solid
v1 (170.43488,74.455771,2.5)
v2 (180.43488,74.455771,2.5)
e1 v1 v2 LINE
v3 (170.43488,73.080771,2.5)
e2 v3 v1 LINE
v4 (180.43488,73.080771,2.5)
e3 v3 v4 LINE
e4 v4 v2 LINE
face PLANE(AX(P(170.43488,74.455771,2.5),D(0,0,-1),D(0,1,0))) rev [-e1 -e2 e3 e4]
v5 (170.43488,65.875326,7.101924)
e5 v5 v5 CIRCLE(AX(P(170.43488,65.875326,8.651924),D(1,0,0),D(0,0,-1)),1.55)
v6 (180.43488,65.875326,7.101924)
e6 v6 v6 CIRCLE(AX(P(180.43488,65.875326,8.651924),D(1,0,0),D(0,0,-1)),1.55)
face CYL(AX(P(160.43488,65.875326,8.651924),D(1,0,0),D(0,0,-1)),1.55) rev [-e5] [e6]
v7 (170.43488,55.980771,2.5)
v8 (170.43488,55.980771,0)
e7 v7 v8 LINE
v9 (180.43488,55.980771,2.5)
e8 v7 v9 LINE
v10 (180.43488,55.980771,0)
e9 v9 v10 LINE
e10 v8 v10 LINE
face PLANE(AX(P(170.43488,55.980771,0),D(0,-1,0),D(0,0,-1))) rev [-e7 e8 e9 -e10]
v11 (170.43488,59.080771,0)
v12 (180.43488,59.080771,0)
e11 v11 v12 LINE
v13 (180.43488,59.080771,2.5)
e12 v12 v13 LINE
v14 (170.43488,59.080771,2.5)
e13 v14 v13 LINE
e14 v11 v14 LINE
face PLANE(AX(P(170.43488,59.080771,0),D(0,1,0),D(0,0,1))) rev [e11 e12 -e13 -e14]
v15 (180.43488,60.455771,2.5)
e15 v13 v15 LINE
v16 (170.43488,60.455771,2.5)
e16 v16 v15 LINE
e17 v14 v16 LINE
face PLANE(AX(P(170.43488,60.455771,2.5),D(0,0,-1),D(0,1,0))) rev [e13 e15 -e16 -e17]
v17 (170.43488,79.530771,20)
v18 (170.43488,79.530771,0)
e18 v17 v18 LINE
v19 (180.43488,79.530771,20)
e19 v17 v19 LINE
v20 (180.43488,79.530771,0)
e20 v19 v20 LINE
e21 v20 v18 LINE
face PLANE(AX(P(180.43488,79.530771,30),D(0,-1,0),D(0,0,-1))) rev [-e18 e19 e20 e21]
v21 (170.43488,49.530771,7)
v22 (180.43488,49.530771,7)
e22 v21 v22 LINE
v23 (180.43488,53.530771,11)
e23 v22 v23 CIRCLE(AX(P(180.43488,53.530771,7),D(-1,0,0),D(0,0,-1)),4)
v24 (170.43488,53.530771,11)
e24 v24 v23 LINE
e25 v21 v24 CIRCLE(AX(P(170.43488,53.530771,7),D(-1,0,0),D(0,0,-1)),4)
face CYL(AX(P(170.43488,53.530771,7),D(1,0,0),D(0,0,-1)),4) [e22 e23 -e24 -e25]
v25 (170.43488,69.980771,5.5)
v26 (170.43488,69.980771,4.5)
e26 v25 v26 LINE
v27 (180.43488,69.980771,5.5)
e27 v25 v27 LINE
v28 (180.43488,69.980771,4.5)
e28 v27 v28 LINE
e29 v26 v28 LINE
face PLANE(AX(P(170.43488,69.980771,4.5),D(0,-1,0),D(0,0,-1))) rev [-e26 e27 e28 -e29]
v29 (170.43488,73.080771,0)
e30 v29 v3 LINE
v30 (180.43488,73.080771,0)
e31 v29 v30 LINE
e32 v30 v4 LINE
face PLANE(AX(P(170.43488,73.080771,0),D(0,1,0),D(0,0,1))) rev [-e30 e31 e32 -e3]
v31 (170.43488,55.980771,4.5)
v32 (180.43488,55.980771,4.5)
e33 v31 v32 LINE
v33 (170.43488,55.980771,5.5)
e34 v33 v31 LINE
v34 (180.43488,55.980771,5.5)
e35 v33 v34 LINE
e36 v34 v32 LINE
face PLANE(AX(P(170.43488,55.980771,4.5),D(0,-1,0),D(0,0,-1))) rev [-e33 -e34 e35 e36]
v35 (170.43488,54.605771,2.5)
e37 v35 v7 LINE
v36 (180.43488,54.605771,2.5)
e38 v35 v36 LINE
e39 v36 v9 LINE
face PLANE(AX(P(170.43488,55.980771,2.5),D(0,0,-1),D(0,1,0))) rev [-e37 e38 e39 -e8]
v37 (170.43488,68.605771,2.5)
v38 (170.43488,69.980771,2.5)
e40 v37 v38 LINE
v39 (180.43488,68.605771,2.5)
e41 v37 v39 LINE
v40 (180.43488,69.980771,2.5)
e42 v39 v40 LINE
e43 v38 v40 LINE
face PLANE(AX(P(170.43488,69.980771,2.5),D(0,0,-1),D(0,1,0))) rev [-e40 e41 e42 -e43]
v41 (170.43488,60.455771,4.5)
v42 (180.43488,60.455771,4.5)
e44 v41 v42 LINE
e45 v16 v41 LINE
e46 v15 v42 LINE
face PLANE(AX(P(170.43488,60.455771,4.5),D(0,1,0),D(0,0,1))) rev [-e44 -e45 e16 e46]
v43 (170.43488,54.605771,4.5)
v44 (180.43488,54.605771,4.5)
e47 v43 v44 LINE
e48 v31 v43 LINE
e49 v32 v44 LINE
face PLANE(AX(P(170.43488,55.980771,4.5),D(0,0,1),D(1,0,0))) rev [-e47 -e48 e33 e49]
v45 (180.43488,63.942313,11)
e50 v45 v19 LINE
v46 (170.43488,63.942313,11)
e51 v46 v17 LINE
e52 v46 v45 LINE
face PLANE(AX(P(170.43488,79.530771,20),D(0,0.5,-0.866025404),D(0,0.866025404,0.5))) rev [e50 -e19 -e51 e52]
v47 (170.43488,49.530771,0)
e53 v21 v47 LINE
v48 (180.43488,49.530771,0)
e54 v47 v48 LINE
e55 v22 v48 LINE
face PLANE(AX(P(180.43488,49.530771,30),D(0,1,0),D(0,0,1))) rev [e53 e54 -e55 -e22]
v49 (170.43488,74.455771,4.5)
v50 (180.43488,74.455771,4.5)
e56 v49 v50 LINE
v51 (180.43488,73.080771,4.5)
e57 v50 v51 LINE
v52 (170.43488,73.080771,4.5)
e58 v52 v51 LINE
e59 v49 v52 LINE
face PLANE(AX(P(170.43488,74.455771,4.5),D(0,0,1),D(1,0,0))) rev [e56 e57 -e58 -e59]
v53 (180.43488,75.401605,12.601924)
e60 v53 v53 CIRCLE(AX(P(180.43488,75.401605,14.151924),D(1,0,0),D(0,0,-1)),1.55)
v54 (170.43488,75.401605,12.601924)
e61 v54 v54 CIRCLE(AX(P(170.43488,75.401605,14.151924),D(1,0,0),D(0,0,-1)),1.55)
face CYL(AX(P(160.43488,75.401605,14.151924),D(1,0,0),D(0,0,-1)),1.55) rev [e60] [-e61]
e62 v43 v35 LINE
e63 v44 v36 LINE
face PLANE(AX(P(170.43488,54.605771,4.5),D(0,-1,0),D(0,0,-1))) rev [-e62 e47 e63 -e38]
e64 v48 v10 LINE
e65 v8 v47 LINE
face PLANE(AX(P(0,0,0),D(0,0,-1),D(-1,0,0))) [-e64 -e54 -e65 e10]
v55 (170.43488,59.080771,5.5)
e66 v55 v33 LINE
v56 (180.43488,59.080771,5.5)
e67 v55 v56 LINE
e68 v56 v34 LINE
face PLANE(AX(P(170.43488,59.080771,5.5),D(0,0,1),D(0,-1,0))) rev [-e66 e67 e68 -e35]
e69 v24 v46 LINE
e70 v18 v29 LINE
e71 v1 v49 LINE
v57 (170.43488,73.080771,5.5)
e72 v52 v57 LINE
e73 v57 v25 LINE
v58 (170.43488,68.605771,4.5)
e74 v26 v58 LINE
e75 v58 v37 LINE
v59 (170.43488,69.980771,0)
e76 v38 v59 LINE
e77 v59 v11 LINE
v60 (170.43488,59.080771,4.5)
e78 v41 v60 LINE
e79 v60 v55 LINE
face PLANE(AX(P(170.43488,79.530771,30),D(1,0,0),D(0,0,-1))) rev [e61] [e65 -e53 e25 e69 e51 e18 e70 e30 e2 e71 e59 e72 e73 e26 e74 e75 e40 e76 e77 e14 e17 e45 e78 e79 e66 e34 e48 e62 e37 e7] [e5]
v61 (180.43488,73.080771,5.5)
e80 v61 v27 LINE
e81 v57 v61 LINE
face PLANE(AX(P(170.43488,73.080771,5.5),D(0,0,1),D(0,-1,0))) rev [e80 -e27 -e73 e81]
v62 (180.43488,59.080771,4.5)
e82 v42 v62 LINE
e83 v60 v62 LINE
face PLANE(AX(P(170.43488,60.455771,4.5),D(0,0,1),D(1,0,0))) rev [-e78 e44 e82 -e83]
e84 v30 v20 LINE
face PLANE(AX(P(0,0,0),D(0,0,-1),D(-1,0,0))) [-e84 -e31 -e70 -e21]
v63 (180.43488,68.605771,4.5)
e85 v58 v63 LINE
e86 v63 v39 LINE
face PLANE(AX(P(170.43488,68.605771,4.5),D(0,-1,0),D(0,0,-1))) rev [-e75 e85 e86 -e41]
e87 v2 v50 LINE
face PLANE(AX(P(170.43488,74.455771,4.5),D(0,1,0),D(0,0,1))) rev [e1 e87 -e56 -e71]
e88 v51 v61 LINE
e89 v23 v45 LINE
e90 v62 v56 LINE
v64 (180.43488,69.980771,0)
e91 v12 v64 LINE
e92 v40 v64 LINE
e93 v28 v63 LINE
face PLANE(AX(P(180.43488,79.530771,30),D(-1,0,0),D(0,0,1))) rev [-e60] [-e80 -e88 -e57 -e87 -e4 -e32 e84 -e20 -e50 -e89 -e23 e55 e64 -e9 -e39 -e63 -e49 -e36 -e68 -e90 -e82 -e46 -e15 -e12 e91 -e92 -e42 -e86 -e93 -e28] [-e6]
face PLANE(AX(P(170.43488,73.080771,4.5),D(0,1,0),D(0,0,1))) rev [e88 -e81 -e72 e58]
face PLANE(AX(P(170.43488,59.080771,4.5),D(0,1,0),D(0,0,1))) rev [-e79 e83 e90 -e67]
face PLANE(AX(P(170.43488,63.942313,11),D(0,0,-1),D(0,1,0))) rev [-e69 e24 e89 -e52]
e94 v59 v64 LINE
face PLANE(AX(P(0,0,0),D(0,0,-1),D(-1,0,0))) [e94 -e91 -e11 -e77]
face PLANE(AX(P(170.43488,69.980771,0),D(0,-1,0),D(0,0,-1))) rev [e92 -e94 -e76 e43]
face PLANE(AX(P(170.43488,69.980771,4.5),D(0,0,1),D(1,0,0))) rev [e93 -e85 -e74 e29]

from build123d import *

# Parameters (mm, degrees)
SZKIC1_W                    = 10
SZKIC1_H                    = 30
DODANIE_WYCI_GNI_CIE1_DEPTH = 30
WYTNIJ_WYCI_GNI_CIE1_DEPTH  = 10
SZYK_LINIOWY1_COUNT         = 2
SZYK_LINIOWY1_PITCH         = 14
WYTNIJ_WYCI_GNI_CIE2_DEPTH  = 10
SZKIC7_R                    = 1.55
WYTNIJ_WYCI_GNI_CIE4_DEPTH  = 20
WYTNIJ_WYCI_GNI_CIE5_DEPTH  = 10


with BuildPart() as part:
    # Szkic1 → Dodanie-wyciągnięcie1 (new body)
    with BuildSketch(Plane.XY):
        with Locations((175.434880274, 64.530770571)):
            Rectangle(SZKIC1_W, SZKIC1_H)
    extrude(amount=DODANIE_WYCI_GNI_CIE1_DEPTH)

    # Szkic3 → Wytnij-wyciągnięcie1 (cut)
    with BuildSketch(Plane(origin=(180.434880274, 0, 0), x_dir=(0, 0, -1), z_dir=(1, 0, 0))):
        Polygon((0, 73.080770571), (0, 69.980770571), (-2.5, 69.980770571), (-2.5, 68.605770571), (-4.5, 68.605770571), (-4.5, 69.980770571), (-5.5, 69.980770571), (-5.5, 73.080770571), (-4.5, 73.080770571), (-4.5, 74.455770571), (-2.5, 74.455770571), (-2.5, 73.080770571), align=None)
    wytnij_wyci_gni_cie1 = extrude(amount=-WYTNIJ_WYCI_GNI_CIE1_DEPTH, mode=Mode.SUBTRACT)

    # Szyk liniowy1: Wytnij-wyciągnięcie1 ×2
    with Locations(*[(0, -i * SZYK_LINIOWY1_PITCH, 0) for i in range(1, SZYK_LINIOWY1_COUNT)]):
        add(wytnij_wyci_gni_cie1, mode=Mode.SUBTRACT)

    # Szkic4 → Wytnij-wyciągnięcie2 (cut)
    with BuildSketch(Plane(origin=(180.434880274, 0, 0), x_dir=(0, 0, -1), z_dir=(1, 0, 0))):
        Polygon((-20, 79.530770571), (-11, 63.942313303), (-11, 49.530770571), (-30, 49.530770571), (-30, 79.530770571), align=None)
    extrude(amount=-WYTNIJ_WYCI_GNI_CIE2_DEPTH, mode=Mode.SUBTRACT)

    # Szkic7 → Wytnij-wyciągnięcie4 (cut)
    with BuildSketch(Plane(origin=(180.434880274, 0, 0), x_dir=(0, 0, -1), z_dir=(1, 0, 0))):
        with Locations((-8.651923789, 65.875326005)):
            Circle(SZKIC7_R)
        with Locations((-14.151923789, 75.401605446)):
            Circle(SZKIC7_R)
    extrude(amount=-WYTNIJ_WYCI_GNI_CIE4_DEPTH, mode=Mode.SUBTRACT)

    # Szkic8 → Wytnij-wyciągnięcie5 (cut)
    with BuildSketch(Plane(origin=(180.434880274, 0, 0), x_dir=(0, 0, -1), z_dir=(1, 0, 0))):
        with BuildLine():
            Line((-7, 49.530770571), (-11, 49.530770571))
            Line((-11, 49.530770571), (-11, 53.530770571))
            ThreePointArc((-11, 53.530770571), (-9.828427125, 50.702343446), (-7, 49.530770571))
        make_face()
    extrude(amount=-WYTNIJ_WYCI_GNI_CIE5_DEPTH, mode=Mode.SUBTRACT)


solid = part.part
